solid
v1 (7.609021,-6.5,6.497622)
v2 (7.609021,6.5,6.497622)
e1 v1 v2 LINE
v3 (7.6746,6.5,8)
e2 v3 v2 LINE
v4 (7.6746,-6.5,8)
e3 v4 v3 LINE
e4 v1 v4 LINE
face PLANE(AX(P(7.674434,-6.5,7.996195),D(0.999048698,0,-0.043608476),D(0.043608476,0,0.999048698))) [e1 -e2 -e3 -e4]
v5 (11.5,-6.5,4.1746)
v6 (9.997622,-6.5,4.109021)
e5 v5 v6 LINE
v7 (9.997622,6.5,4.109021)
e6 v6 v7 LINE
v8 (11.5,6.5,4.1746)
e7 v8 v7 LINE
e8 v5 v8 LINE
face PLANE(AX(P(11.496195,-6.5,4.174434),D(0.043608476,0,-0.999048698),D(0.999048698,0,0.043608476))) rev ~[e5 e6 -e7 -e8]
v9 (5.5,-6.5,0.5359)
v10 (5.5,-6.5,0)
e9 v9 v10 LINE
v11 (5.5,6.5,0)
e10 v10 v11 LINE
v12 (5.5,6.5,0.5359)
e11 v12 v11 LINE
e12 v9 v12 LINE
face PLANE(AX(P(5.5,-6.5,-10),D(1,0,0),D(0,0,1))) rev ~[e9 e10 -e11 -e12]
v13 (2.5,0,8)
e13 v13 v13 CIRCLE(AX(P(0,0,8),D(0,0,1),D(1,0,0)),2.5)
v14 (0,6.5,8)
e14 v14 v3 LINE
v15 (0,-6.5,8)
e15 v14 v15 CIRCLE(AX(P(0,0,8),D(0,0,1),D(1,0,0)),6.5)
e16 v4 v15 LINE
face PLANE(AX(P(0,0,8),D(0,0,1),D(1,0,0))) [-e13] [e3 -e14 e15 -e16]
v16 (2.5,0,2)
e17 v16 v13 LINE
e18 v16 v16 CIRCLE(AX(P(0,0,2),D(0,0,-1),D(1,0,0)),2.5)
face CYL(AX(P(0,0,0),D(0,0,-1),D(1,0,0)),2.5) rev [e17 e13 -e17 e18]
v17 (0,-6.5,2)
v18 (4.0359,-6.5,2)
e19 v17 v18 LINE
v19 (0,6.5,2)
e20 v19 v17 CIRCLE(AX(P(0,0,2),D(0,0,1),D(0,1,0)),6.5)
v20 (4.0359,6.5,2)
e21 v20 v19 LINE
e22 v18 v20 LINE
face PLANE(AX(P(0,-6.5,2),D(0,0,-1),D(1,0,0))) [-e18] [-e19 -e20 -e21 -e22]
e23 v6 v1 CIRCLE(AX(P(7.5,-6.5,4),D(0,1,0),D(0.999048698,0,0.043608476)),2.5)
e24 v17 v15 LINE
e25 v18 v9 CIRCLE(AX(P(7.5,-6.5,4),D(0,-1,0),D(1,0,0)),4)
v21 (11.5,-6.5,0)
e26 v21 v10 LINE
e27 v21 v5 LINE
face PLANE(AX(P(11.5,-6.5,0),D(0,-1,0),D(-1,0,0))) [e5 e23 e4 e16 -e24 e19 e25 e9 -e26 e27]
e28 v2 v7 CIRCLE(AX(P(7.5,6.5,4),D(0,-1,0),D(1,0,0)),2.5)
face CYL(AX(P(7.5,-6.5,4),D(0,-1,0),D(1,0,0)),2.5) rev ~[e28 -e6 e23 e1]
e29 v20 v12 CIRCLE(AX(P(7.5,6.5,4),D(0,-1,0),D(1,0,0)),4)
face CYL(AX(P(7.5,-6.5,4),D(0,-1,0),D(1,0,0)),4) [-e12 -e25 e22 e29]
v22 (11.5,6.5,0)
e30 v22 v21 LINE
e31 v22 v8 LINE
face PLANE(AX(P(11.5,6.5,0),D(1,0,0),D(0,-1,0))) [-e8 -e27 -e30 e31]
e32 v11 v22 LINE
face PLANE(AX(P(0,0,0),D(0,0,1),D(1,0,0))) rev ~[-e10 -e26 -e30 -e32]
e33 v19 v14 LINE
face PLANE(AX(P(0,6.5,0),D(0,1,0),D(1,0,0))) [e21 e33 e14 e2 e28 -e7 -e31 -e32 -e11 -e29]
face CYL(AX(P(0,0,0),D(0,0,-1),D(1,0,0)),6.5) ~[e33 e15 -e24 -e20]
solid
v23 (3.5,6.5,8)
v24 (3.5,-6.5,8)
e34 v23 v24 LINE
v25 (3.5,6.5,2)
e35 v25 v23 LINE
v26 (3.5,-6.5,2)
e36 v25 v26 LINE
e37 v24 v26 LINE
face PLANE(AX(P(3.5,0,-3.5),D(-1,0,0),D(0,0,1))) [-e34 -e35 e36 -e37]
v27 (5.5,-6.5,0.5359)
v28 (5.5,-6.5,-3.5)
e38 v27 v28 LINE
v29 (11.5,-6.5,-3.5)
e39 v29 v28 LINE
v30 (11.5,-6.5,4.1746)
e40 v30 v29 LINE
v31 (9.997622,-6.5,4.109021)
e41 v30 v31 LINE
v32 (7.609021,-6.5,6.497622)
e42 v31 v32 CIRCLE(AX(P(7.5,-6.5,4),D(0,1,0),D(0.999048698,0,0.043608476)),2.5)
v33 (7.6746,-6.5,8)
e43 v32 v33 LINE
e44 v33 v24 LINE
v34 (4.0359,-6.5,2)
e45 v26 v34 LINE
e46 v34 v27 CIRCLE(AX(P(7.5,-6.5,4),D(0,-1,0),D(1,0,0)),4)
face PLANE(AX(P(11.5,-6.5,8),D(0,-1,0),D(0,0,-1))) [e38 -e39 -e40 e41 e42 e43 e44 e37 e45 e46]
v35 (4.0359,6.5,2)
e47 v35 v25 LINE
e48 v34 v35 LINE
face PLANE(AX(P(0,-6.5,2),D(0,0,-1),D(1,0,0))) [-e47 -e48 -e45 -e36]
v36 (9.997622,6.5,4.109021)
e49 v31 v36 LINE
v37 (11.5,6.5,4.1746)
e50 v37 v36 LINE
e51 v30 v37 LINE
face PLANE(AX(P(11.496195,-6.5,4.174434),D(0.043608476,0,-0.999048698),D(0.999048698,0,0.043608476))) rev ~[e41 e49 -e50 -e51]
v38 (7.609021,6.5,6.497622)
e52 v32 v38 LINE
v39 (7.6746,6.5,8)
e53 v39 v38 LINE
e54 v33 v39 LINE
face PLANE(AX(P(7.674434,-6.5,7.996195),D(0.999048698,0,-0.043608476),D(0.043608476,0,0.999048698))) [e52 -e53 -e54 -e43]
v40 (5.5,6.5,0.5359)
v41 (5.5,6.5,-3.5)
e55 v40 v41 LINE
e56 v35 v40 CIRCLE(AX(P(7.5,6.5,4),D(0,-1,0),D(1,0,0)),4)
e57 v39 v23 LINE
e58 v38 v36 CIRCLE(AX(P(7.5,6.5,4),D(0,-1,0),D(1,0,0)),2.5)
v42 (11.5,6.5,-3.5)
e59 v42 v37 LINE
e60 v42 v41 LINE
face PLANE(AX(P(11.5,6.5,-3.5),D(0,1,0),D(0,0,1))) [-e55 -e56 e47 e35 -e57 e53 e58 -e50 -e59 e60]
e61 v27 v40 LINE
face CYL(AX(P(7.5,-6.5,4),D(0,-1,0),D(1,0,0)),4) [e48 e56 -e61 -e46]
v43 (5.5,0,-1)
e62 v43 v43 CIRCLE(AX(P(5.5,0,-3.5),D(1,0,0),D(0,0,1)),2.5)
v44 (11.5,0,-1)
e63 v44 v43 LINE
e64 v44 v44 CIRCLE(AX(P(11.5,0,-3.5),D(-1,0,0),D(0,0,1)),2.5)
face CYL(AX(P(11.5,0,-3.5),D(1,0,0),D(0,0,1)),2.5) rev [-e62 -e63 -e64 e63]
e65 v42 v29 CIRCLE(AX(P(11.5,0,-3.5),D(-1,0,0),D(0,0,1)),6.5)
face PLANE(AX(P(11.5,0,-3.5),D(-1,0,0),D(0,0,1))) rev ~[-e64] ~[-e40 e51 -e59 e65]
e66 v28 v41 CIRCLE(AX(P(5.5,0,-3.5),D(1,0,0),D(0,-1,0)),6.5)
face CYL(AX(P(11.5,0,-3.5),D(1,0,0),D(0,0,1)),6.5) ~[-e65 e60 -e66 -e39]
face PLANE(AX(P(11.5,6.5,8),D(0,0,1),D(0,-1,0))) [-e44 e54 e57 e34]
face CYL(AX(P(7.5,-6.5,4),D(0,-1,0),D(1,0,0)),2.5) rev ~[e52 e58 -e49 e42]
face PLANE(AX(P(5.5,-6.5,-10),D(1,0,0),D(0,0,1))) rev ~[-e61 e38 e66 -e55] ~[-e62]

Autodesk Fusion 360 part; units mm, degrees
sketch "Esquisse1" plane through (0, 0, 0) normal (0, 0, 1) x (1, 0, 0)
  circle A0 centre (0, 0) radius 2.5
  circle A1 centre (0, 0) radius 6.5
  line L0 (0, 6.5) -> (11.5, 6.5)
  line L1 (11.5, 6.5) -> (11.5, -6.5)
  line L2 (11.5, -6.5) -> (0, -6.5)
  line L3 (0, -6.5) -> (0, 6.5) construction
  dimension "d1" = 5
  dimension "d2" = 4
  dimension "d3" = 13
  dimension "d4" = 11.5
extrude "Extrusion1" add sketch "Esquisse1" along normal blind 8 makes body 1
sketch "Esquisse3" plane through (0, -6.5, 0) normal (0, -1, 0) x (1, 0, 0)
  line L0 (0, 0) -> (11.5, 0)
  line L1 (11.5, 0) -> (11.5, 8)
  line L2 (11.5, 8) -> (0, 8)
  line L3 (0, 8) -> (0, 0)
  circle A0 centre (7.5, 4) radius 4
  dimension "d14" = 8
pattern_circular "Réseau C2" count 2 over 90 about axis through (7.5, -6.5, 4) along (0, -1, 0) of bodies 1 makes body 2
sketch "Esquisse2" plane through (0, -6.5, 0) normal (0, -1, 0) x (1, 0, 0)
  line L0 (0, 0) -> (11.5, 0)
  line L1 (11.5, 0) -> (11.5, 8)
  line L2 (11.5, 8) -> (0, 8)
  line L3 (0, 8) -> (0, 0)
  circle A0 centre (7.5, 4) radius 4
  circle A1 centre (7.5, 4) radius 2.5
  line L4 (0, 0) -> (-6.5, 0)
  line L5 (0, 0) -> (0, 8)
  line L6 (0, 8) -> (-6.5, 8)
  line L7 (0, 8) -> (0, 0)
  line L8 (-6.5, 8) -> (-6.5, 0)
  line L9 (7.5, 4) -> (11.5, 8) construction
  line L10 (7.5, 4) -> (7.6746, 8)
  line L11 (7.5, 4) -> (11.5, 4.1746)
  line L12 (7.5, 4) -> (0, 4) construction
  line L13 (7.5, 8) -> (-6.5, 8)
  line L14 (-6.5, 8) -> (-6.5, 2)
  line L15 (7.5, 2) -> (7.5, 8) construction
  line L16 (11.5, -3.5) -> (11.5, -10)
  line L17 (11.5, -3.5) -> (3.5, -3.5)
  line L18 (3.5, -3.5) -> (3.5, -10)
  line L19 (3.5, -3.5) -> (11.5, -3.5)
  line L20 (11.5, -3.5) -> (11.5, 8)
  line L21 (11.5, 8) -> (3.5, 8)
  line L22 (3.5, 8) -> (3.5, -3.5)
  line L23 (3.5, -3.5) -> (11.5, -3.5)
  line L24 (-6.5, 2) -> (3.5, 2)
  line L25 (3.5, -10) -> (11.5, -10)
  line L26 (11.5, 4.1746) -> (11.5, -10)
  line L27 (5.5, -10) -> (5.5, 0.5359)
  line L28 (3.5, 2) -> (4.0359, 2)
  dimension "d7" = 8
  dimension "d8" = 5
  dimension "d21" = 85
  dimension "d22" = 6
  dimension "d26" = 6
extrude "Extrusion4" cut sketch "Esquisse2" against normal through all contours L0 L3 L5 L7 L22 L24 | L3 L4 L5 L7 L8 L24 | L0 A0 L22 L27 L28 | L0 L17 L19 L22 L23 L27 | L17 L18 L19 L23 L25 L27 | L1 L2 A0 L10 L11 L20 L21 | A0 A1 L10 L11 | A1 L10 L11 | A1 L10 L11 picked at (10.9589, 4.4716) bodies 1 2
equation "d3 = d1 + 2 * d2"
equation "d4 = d3 / 2 + 5 mm"
